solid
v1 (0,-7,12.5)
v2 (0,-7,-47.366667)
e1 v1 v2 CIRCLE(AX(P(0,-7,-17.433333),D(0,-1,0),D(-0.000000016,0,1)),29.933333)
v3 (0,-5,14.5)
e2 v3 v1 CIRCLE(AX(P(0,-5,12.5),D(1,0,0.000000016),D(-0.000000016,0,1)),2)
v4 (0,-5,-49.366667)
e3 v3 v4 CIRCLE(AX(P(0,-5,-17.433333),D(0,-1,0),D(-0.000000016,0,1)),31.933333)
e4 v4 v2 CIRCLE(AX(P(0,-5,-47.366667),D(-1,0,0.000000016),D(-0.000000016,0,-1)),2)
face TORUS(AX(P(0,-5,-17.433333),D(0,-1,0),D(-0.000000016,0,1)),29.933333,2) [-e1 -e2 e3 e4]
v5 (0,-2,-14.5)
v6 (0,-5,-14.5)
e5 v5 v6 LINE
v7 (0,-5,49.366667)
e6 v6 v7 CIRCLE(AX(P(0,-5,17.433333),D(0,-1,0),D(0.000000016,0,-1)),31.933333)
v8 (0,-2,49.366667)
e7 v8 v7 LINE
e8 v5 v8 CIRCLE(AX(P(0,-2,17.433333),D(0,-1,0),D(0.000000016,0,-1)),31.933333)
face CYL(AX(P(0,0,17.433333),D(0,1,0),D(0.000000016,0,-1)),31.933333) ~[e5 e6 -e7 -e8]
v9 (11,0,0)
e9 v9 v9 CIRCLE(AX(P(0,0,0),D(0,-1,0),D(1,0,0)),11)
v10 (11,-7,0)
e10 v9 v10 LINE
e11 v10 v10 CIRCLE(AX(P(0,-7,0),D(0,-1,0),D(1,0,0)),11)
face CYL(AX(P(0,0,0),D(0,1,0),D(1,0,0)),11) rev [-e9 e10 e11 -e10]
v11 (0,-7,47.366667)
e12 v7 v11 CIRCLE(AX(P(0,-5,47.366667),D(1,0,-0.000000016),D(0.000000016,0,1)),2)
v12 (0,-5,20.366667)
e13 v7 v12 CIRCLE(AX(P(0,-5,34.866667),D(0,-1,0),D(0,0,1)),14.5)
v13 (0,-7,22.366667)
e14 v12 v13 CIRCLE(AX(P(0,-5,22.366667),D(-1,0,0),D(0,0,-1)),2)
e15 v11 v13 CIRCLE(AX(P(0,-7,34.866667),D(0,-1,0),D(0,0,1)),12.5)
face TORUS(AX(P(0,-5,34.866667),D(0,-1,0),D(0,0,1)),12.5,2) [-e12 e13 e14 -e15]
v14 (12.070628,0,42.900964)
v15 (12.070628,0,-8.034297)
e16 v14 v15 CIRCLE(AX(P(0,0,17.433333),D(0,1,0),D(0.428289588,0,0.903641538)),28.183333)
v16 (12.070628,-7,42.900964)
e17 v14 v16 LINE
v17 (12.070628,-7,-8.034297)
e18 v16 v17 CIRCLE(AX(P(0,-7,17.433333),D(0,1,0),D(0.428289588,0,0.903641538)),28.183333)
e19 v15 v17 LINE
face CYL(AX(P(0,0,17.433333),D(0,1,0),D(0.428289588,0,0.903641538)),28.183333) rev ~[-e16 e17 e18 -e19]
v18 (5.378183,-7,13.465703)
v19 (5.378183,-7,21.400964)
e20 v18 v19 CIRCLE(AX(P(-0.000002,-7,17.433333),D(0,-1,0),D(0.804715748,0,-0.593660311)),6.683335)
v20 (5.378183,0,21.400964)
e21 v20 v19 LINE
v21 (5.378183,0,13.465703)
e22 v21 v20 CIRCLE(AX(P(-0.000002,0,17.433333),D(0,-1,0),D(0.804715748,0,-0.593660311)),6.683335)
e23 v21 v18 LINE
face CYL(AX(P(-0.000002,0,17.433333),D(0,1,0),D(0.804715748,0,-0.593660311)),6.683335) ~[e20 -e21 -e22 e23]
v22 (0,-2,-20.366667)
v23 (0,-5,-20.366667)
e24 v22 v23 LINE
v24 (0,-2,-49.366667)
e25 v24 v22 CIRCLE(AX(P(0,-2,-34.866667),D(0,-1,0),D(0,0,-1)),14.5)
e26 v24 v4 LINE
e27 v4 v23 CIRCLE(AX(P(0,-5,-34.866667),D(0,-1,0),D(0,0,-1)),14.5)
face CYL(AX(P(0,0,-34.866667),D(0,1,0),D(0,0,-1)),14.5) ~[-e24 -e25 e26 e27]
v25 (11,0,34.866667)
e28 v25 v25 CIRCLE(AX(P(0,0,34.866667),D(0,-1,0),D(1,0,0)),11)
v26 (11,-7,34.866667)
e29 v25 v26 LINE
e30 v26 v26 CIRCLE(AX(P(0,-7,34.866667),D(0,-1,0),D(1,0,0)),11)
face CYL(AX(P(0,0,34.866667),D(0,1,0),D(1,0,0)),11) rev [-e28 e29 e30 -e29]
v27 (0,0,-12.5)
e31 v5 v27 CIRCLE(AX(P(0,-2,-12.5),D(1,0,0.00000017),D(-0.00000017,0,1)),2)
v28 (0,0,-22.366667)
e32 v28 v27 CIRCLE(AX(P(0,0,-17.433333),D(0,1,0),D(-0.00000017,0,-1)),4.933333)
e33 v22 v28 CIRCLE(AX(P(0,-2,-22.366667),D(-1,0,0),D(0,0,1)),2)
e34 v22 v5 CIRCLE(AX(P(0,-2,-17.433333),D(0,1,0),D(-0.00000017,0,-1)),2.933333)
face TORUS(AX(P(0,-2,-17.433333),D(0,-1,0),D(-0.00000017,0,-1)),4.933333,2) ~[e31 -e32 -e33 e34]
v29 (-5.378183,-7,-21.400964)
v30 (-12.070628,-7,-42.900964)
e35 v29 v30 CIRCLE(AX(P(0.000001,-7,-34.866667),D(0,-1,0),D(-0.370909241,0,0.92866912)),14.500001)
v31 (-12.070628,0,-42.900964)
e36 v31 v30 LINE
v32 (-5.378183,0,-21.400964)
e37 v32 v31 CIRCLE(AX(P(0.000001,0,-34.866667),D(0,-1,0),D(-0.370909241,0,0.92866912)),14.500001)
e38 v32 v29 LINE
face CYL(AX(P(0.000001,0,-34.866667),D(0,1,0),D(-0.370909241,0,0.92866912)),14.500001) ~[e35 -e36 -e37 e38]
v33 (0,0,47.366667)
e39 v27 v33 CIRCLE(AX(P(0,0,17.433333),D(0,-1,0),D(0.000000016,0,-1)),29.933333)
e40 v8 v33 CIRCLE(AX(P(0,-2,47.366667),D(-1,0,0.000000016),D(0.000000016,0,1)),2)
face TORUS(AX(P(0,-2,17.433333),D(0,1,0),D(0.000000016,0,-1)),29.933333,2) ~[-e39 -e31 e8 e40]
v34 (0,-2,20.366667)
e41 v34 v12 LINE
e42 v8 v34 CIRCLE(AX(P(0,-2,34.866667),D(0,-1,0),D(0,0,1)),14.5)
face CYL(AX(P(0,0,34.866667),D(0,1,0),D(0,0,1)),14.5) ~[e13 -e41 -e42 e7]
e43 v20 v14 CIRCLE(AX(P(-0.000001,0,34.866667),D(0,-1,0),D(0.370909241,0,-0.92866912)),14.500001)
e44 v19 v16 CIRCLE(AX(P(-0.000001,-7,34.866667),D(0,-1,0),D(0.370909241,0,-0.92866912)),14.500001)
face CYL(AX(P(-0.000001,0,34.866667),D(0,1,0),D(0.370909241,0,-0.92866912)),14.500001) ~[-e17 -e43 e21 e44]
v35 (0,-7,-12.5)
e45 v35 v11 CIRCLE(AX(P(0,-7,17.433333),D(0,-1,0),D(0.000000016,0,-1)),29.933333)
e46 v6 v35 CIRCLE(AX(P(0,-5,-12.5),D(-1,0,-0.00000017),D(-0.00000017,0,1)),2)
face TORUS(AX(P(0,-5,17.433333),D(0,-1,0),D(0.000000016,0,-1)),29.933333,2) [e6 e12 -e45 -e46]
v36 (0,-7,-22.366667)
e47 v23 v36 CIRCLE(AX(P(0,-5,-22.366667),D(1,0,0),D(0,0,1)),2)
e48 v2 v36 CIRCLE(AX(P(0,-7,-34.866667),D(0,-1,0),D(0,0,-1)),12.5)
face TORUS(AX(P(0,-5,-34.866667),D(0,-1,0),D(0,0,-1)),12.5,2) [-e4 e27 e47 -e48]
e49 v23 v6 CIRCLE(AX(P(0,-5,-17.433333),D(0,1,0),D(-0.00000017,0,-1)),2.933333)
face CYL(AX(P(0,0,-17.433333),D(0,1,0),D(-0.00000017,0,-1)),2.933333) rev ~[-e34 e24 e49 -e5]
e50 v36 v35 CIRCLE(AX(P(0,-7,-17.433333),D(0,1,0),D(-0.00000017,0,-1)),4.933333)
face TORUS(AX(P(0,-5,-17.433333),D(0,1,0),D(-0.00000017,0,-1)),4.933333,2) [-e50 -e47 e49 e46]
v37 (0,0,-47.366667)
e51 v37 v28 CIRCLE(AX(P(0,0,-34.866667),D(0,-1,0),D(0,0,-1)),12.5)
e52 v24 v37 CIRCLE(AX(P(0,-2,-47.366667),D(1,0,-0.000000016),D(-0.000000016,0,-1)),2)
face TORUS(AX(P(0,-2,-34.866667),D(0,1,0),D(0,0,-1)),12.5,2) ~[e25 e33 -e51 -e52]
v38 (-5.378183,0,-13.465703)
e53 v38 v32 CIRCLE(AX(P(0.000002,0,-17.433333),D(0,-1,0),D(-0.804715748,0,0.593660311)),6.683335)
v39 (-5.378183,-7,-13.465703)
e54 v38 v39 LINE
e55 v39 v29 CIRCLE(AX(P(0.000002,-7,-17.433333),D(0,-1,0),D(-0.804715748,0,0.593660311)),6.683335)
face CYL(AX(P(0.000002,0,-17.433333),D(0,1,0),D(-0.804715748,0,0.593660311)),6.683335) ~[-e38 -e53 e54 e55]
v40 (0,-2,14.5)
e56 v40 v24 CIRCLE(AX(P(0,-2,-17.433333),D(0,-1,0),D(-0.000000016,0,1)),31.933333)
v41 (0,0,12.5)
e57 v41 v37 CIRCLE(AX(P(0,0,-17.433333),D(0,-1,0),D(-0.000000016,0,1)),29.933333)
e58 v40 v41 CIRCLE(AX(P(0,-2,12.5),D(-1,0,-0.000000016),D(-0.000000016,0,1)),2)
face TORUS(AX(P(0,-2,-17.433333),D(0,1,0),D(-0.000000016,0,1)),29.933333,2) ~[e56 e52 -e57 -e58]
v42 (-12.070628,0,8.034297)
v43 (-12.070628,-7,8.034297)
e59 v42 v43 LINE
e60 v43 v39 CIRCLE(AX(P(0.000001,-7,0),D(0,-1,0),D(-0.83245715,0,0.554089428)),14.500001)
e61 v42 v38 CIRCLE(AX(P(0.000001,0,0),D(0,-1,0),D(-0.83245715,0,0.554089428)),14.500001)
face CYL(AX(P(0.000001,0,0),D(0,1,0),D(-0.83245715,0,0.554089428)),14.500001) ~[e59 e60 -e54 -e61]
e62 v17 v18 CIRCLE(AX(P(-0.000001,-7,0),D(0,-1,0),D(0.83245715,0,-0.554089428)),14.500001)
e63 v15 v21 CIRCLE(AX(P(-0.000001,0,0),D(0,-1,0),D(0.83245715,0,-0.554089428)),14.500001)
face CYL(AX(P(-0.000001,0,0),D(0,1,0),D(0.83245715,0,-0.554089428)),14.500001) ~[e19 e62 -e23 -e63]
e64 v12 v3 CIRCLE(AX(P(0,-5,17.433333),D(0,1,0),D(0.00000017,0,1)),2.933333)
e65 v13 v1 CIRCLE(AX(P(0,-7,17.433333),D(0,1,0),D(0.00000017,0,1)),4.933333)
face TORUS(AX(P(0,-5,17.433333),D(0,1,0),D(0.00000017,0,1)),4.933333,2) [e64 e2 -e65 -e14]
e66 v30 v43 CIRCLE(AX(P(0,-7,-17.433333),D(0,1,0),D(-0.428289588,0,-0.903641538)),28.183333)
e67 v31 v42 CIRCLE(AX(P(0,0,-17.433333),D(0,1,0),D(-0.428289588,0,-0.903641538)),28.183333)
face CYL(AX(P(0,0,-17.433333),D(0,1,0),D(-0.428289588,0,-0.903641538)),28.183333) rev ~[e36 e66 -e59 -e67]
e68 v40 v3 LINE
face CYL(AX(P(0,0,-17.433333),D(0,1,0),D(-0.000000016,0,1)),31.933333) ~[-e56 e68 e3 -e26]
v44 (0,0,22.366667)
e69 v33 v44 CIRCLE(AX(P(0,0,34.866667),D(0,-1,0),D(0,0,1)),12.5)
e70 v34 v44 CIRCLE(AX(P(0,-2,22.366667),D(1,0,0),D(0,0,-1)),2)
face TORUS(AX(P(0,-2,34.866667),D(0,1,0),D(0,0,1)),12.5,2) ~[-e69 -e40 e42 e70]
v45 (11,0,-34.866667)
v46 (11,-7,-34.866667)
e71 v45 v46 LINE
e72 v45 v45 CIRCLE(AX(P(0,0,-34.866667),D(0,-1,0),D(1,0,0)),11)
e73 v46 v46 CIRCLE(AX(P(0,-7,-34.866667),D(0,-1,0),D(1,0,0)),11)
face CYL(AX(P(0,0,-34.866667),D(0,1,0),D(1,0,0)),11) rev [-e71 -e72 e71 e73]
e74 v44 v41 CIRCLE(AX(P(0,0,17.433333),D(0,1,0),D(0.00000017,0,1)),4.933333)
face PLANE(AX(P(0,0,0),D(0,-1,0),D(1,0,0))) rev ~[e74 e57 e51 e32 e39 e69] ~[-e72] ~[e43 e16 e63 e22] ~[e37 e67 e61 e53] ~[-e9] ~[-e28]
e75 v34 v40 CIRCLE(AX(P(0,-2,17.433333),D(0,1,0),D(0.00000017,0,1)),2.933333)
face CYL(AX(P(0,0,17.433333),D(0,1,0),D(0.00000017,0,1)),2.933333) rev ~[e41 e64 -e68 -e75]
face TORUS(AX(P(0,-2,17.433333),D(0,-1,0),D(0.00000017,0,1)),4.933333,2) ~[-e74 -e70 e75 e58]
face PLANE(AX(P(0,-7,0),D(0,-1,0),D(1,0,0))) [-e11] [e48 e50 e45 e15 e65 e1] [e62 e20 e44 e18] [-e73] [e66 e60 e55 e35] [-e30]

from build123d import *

# Parameters (mm, degrees)
F0_R     = 11
F1_DEPTH = 7
F2_R     = 2


with BuildPart() as f1:
    # F0 (on Front) → F1 (new body)
    with BuildSketch(Plane.XZ):
        with BuildLine():
            ThreePointArc((0, -14.5), (31.933333, 17.433333), (0, 49.366667))
            ThreePointArc((0, 49.366667), (-14.5, 34.866667), (0, 20.366667))
            ThreePointArc((0, 20.366667), (2.933333, 17.433333), (0, 14.5))
            ThreePointArc((0, 14.5), (-31.933333, -17.433333), (0, -49.366667))
            ThreePointArc((0, -49.366667), (14.5, -34.866667), (0, -20.366667))
            ThreePointArc((0, -20.366667), (-2.933333, -17.433333), (0, -14.5))
        make_face()
        with BuildLine():
            ThreePointArc((-12.070628, -42.900964), (-28.183333, -17.433333), (-12.070628, 8.034297))
            ThreePointArc((-12.070628, 8.034297), (-13.844773, -4.309553), (-5.378183, -13.465703))
            ThreePointArc((-5.378183, -13.465703), (-6.683333, -17.433333), (-5.378183, -21.400964))
            ThreePointArc((-5.378183, -21.400964), (-13.844773, -30.557114), (-12.070628, -42.900964))
        make_face(mode=Mode.SUBTRACT)
        with Locations((0, -34.866667)):
            Circle(F0_R, mode=Mode.SUBTRACT)
        Circle(F0_R, mode=Mode.SUBTRACT)
        with BuildLine():
            ThreePointArc((12.070628, 42.900964), (28.183333, 17.433333), (12.070628, -8.034297))
            ThreePointArc((12.070628, -8.034297), (13.844773, 4.309553), (5.378183, 13.465703))
            ThreePointArc((5.378183, 13.465703), (6.683333, 17.433333), (5.378183, 21.400964))
            ThreePointArc((5.378183, 21.400964), (13.844773, 30.557114), (12.070628, 42.900964))
        make_face(mode=Mode.SUBTRACT)
        with Locations((0, 34.866667)):
            Circle(F0_R, mode=Mode.SUBTRACT)
    extrude(amount=F1_DEPTH)

    # F2
    f2_edges = [f1.edges().sort_by_distance(p)[0] for p in [
        (-31.933333, -7, -17.433333),
        (-31.933333, 0, -17.433333),
    ]]
    fillet(f2_edges, radius=F2_R)


solid = f1.part
